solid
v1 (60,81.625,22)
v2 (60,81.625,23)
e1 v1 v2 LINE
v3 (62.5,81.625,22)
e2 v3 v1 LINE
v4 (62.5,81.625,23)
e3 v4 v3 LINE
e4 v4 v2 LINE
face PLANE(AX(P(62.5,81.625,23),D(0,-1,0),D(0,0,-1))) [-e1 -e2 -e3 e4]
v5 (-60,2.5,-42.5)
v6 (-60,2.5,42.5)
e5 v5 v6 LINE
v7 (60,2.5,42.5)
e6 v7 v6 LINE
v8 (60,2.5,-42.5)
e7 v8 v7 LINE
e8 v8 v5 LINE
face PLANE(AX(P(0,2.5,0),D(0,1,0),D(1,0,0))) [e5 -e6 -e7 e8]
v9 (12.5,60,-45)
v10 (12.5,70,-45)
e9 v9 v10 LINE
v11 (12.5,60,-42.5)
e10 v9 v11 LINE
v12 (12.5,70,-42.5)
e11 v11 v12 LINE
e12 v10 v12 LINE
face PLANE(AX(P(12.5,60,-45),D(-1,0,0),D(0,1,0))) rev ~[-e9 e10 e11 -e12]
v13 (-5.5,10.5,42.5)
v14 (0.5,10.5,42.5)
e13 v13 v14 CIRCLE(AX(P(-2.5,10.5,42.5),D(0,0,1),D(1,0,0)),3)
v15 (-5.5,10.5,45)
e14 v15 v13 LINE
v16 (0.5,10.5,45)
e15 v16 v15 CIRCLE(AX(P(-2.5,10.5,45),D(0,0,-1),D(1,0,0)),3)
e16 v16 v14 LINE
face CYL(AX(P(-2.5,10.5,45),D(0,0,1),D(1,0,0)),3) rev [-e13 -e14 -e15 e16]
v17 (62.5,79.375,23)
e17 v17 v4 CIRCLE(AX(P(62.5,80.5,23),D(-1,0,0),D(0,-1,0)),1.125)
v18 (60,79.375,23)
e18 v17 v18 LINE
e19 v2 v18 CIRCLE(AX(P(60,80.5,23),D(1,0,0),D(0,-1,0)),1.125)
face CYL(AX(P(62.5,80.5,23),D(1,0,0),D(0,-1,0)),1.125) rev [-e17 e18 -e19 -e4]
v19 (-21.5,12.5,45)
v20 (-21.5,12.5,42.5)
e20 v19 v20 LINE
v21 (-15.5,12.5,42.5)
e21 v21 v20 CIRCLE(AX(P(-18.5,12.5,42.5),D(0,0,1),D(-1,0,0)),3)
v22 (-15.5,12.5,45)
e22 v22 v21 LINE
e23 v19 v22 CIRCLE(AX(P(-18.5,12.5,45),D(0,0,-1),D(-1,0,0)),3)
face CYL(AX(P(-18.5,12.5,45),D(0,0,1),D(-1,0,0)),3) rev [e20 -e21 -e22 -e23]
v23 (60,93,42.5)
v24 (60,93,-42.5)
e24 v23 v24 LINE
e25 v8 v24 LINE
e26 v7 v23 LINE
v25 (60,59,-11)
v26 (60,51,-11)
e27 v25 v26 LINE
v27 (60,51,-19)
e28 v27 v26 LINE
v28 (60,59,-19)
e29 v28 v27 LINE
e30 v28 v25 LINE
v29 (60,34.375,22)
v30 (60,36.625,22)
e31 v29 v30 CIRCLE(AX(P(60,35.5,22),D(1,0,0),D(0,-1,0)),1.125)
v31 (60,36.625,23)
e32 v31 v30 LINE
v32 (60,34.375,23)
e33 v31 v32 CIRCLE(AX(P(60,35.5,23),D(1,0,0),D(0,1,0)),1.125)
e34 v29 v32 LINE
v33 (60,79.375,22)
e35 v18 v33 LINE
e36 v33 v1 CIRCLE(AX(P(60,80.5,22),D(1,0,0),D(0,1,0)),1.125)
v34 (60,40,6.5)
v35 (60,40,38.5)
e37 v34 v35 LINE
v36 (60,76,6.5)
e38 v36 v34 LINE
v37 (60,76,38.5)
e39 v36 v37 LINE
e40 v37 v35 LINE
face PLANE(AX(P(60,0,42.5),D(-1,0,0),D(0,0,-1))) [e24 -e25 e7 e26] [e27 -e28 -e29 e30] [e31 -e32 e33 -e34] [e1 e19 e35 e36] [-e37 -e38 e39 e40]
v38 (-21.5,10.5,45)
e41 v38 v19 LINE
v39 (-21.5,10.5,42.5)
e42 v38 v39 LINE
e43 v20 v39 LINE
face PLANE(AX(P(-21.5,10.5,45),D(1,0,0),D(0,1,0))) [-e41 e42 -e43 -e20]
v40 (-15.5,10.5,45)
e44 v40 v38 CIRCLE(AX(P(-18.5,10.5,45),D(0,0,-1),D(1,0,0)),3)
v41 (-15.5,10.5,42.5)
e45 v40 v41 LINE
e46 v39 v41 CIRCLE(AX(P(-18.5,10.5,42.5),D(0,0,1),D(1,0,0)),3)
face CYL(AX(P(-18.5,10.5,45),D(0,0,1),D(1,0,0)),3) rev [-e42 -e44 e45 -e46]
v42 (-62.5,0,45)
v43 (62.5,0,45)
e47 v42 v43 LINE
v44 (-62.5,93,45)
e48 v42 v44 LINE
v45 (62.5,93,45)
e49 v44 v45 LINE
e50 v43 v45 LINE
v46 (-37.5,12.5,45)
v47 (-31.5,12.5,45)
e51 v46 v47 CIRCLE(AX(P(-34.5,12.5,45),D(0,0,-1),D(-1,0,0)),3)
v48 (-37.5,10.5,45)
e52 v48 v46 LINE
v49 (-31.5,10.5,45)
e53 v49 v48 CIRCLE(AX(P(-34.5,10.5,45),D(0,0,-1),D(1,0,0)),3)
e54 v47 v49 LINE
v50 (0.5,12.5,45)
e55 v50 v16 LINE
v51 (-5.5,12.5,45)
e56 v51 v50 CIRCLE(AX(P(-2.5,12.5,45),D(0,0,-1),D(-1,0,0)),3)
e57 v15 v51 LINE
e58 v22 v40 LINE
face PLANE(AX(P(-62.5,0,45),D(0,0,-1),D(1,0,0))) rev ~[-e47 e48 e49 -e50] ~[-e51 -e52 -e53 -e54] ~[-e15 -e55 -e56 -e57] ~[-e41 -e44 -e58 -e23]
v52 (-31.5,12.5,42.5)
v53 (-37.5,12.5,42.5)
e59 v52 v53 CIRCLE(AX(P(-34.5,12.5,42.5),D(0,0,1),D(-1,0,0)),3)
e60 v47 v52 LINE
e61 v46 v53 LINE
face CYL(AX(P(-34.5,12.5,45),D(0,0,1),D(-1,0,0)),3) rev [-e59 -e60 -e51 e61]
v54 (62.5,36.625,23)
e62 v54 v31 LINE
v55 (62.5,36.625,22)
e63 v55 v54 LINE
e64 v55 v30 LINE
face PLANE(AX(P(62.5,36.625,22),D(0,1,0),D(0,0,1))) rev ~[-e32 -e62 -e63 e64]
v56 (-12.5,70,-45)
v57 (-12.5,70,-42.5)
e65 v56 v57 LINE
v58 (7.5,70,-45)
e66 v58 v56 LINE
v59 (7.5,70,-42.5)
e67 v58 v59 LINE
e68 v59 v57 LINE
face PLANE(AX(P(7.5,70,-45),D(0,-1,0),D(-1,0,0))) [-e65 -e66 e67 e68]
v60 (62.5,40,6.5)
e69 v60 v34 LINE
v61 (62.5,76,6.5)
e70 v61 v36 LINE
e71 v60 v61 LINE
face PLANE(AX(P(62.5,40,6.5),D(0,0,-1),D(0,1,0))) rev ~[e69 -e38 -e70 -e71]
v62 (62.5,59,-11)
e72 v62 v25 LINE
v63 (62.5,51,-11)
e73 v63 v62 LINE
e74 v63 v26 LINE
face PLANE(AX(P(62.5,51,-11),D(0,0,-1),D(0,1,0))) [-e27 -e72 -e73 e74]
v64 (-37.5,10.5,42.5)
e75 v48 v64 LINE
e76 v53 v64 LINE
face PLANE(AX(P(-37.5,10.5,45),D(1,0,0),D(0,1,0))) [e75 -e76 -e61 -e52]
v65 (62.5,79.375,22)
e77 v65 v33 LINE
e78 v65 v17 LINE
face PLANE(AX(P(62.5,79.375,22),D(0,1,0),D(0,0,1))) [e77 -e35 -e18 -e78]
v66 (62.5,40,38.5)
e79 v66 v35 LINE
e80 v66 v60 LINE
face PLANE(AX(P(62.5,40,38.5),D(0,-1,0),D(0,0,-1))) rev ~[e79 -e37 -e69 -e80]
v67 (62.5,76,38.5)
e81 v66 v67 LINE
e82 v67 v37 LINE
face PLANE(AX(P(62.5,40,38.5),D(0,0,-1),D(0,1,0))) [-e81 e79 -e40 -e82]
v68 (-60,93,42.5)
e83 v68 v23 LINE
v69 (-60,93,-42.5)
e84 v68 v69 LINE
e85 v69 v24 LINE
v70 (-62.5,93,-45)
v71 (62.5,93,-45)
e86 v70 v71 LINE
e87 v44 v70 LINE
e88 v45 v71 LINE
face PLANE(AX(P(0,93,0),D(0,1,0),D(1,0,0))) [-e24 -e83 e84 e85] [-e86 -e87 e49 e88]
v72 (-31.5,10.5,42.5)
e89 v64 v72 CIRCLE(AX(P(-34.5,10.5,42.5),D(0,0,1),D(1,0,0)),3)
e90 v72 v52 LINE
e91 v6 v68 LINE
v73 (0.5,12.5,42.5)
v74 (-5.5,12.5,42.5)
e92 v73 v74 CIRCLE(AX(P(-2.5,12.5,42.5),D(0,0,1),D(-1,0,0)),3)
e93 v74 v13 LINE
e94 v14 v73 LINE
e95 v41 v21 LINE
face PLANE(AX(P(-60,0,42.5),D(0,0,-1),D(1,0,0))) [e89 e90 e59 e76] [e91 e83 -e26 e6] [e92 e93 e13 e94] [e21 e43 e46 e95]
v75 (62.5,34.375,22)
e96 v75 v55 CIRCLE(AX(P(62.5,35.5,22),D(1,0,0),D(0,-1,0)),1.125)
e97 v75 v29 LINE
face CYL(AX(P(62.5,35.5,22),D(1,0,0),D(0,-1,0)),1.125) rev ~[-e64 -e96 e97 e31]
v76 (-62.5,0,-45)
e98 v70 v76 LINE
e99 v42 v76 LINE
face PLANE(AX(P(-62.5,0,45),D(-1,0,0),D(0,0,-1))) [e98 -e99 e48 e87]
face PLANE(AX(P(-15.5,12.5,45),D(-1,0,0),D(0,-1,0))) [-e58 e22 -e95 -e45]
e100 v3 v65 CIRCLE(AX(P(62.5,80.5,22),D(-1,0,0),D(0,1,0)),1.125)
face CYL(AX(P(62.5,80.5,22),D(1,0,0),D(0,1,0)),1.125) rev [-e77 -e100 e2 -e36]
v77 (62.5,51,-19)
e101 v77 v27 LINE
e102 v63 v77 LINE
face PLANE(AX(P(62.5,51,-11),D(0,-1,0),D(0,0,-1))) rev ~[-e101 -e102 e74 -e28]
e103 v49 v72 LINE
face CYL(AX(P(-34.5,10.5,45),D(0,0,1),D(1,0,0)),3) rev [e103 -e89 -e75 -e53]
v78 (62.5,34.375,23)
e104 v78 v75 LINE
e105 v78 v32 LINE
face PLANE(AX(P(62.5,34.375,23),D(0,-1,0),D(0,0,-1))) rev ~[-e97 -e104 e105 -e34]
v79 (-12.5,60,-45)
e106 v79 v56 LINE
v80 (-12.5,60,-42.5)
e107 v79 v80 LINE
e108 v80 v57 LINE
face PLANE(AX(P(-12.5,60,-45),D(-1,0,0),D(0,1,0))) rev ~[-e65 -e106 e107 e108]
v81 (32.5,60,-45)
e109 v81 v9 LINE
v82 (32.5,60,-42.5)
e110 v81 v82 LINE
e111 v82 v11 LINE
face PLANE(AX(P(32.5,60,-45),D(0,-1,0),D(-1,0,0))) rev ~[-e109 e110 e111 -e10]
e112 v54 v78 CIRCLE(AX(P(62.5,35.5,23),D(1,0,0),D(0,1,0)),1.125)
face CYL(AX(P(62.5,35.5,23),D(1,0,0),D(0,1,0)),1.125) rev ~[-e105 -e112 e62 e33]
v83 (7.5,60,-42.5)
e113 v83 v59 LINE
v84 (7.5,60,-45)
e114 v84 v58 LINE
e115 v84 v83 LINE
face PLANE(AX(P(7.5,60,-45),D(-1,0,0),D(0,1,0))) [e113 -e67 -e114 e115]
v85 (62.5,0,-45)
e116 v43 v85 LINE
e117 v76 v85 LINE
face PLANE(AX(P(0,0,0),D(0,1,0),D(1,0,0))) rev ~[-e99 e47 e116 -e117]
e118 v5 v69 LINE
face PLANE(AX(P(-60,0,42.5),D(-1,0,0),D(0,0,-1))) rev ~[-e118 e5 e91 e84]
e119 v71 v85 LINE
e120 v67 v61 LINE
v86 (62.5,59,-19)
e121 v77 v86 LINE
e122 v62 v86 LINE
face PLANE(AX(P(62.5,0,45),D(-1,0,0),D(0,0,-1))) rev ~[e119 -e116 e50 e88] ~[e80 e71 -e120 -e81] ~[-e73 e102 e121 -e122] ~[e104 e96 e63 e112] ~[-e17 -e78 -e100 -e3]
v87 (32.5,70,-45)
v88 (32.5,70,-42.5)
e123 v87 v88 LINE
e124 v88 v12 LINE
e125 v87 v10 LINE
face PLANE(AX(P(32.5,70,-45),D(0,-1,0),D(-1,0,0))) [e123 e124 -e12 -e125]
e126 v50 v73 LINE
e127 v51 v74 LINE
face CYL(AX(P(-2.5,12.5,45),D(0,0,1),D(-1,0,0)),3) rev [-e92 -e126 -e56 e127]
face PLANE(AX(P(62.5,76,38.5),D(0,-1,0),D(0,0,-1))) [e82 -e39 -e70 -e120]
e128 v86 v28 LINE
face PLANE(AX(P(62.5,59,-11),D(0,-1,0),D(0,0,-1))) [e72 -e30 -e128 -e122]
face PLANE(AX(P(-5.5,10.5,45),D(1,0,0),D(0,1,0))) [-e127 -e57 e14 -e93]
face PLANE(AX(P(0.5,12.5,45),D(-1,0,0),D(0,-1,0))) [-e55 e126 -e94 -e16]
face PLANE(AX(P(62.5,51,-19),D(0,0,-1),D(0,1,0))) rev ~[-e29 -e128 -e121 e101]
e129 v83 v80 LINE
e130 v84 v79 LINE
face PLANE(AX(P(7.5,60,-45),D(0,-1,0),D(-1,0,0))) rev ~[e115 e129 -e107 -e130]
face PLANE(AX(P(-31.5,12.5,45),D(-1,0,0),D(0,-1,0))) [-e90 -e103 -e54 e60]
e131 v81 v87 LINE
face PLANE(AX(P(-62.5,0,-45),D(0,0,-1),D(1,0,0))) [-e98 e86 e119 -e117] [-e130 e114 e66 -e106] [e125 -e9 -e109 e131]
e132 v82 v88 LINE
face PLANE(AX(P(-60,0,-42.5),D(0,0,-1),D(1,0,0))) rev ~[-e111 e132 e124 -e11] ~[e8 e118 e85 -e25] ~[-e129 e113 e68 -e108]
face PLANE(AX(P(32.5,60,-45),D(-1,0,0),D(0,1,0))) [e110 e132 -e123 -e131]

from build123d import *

# Parameters (mm, degrees)
SKETCH1_W           = 125
SKETCH1_H           = 90
BOSS_EXTRUDE1_DEPTH = 2.5
SKETCH1_3_W         = 125
SKETCH1_3_H         = 90
SKETCH1_3_W_2       = 120
SKETCH1_3_H_2       = 85
BOSS_EXTRUDE2_DEPTH = 93
SKETCH2_W           = 32
SKETCH2_H           = 36
CUT_EXTRUDE1_DEPTH  = 5
CUT_EXTRUDE2_DEPTH  = 10
SKETCH6_W           = 8
SKETCH6_H           = 8
CUT_EXTRUDE3_DEPTH  = 10
SKETCH7_W           = 20
SKETCH7_H           = 10
CUT_EXTRUDE4_DEPTH  = 10


with BuildPart() as part:
    # Sketch1 → Boss-Extrude1 (new body)
    with BuildSketch(Plane(origin=(0, 0, 0), x_dir=(1, 0, 0), z_dir=(0, 1, 0))):
        Rectangle(SKETCH1_W, SKETCH1_H)
    extrude(amount=BOSS_EXTRUDE1_DEPTH)

    # Sketch1<3> → Boss-Extrude2 (add)
    with BuildSketch(Plane(origin=(0, 0, 0), x_dir=(1, 0, 0), z_dir=(0, 1, 0))):
        Rectangle(SKETCH1_3_W, SKETCH1_3_H)
        Rectangle(SKETCH1_3_W_2, SKETCH1_3_H_2, mode=Mode.SUBTRACT)
    extrude(amount=BOSS_EXTRUDE2_DEPTH)

    # Sketch2 → Cut-Extrude1 (cut)
    with BuildSketch(Plane(origin=(62.5, 0, 0), x_dir=(0, 0, -1), z_dir=(1, 0, 0))):
        with Locations((-22.5, 58)):
            Rectangle(SKETCH2_W, SKETCH2_H)
        with BuildLine():
            Line((-23, 81.625), (-22, 81.625))
            ThreePointArc((-22, 81.625), (-20.875, 80.5), (-22, 79.375))
            Line((-22, 79.375), (-23, 79.375))
            ThreePointArc((-23, 79.375), (-24.125, 80.5), (-23, 81.625))
        make_face()
        with BuildLine():
            Line((-23, 34.375), (-22, 34.375))
            ThreePointArc((-22, 34.375), (-20.875, 35.5), (-22, 36.625))
            Line((-22, 36.625), (-23, 36.625))
            ThreePointArc((-23, 36.625), (-24.125, 35.5), (-23, 34.375))
        make_face()
    extrude(amount=-CUT_EXTRUDE1_DEPTH, mode=Mode.SUBTRACT)

    # Sketch5 → Cut-Extrude2 (cut)
    with BuildSketch(Plane.XY.offset(45)):
        with BuildLine():
            Line((-37.5, 10.5), (-37.5, 12.5))
            ThreePointArc((-37.5, 12.5), (-34.5, 15.5), (-31.5, 12.5))
            Line((-31.5, 12.5), (-31.5, 10.5))
            ThreePointArc((-31.5, 10.5), (-34.5, 7.5), (-37.5, 10.5))
        make_face()
        with BuildLine():
            Line((-21.5, 10.5), (-21.5, 12.5))
            ThreePointArc((-21.5, 12.5), (-18.5, 15.5), (-15.5, 12.5))
            Line((-15.5, 12.5), (-15.5, 10.5))
            ThreePointArc((-15.5, 10.5), (-18.5, 7.5), (-21.5, 10.5))
        make_face()
        with BuildLine():
            Line((-5.5, 10.5), (-5.5, 12.5))
            ThreePointArc((-5.5, 12.5), (-2.5, 15.5), (0.5, 12.5))
            Line((0.5, 12.5), (0.5, 10.5))
            ThreePointArc((0.5, 10.5), (-2.5, 7.5), (-5.5, 10.5))
        make_face()
    extrude(amount=-CUT_EXTRUDE2_DEPTH, mode=Mode.SUBTRACT)

    # Sketch6 → Cut-Extrude3 (cut)
    with BuildSketch(Plane(origin=(62.5, 0, 0), x_dir=(0, 0, -1), z_dir=(1, 0, 0))):
        with Locations((15, 55)):
            Rectangle(SKETCH6_W, SKETCH6_H)
    extrude(amount=-CUT_EXTRUDE3_DEPTH, mode=Mode.SUBTRACT)

    # Sketch7 → Cut-Extrude4 (cut)
    with BuildSketch(Plane(origin=(0, 0, -45), x_dir=(-1, 0, 0), z_dir=(0, 0, -1))):
        with Locations((-22.5, 65)):
            Rectangle(SKETCH7_W, SKETCH7_H)
        with Locations((2.5, 65)):
            Rectangle(SKETCH7_W, SKETCH7_H)
    extrude(amount=-CUT_EXTRUDE4_DEPTH, mode=Mode.SUBTRACT)


solid = part.part
